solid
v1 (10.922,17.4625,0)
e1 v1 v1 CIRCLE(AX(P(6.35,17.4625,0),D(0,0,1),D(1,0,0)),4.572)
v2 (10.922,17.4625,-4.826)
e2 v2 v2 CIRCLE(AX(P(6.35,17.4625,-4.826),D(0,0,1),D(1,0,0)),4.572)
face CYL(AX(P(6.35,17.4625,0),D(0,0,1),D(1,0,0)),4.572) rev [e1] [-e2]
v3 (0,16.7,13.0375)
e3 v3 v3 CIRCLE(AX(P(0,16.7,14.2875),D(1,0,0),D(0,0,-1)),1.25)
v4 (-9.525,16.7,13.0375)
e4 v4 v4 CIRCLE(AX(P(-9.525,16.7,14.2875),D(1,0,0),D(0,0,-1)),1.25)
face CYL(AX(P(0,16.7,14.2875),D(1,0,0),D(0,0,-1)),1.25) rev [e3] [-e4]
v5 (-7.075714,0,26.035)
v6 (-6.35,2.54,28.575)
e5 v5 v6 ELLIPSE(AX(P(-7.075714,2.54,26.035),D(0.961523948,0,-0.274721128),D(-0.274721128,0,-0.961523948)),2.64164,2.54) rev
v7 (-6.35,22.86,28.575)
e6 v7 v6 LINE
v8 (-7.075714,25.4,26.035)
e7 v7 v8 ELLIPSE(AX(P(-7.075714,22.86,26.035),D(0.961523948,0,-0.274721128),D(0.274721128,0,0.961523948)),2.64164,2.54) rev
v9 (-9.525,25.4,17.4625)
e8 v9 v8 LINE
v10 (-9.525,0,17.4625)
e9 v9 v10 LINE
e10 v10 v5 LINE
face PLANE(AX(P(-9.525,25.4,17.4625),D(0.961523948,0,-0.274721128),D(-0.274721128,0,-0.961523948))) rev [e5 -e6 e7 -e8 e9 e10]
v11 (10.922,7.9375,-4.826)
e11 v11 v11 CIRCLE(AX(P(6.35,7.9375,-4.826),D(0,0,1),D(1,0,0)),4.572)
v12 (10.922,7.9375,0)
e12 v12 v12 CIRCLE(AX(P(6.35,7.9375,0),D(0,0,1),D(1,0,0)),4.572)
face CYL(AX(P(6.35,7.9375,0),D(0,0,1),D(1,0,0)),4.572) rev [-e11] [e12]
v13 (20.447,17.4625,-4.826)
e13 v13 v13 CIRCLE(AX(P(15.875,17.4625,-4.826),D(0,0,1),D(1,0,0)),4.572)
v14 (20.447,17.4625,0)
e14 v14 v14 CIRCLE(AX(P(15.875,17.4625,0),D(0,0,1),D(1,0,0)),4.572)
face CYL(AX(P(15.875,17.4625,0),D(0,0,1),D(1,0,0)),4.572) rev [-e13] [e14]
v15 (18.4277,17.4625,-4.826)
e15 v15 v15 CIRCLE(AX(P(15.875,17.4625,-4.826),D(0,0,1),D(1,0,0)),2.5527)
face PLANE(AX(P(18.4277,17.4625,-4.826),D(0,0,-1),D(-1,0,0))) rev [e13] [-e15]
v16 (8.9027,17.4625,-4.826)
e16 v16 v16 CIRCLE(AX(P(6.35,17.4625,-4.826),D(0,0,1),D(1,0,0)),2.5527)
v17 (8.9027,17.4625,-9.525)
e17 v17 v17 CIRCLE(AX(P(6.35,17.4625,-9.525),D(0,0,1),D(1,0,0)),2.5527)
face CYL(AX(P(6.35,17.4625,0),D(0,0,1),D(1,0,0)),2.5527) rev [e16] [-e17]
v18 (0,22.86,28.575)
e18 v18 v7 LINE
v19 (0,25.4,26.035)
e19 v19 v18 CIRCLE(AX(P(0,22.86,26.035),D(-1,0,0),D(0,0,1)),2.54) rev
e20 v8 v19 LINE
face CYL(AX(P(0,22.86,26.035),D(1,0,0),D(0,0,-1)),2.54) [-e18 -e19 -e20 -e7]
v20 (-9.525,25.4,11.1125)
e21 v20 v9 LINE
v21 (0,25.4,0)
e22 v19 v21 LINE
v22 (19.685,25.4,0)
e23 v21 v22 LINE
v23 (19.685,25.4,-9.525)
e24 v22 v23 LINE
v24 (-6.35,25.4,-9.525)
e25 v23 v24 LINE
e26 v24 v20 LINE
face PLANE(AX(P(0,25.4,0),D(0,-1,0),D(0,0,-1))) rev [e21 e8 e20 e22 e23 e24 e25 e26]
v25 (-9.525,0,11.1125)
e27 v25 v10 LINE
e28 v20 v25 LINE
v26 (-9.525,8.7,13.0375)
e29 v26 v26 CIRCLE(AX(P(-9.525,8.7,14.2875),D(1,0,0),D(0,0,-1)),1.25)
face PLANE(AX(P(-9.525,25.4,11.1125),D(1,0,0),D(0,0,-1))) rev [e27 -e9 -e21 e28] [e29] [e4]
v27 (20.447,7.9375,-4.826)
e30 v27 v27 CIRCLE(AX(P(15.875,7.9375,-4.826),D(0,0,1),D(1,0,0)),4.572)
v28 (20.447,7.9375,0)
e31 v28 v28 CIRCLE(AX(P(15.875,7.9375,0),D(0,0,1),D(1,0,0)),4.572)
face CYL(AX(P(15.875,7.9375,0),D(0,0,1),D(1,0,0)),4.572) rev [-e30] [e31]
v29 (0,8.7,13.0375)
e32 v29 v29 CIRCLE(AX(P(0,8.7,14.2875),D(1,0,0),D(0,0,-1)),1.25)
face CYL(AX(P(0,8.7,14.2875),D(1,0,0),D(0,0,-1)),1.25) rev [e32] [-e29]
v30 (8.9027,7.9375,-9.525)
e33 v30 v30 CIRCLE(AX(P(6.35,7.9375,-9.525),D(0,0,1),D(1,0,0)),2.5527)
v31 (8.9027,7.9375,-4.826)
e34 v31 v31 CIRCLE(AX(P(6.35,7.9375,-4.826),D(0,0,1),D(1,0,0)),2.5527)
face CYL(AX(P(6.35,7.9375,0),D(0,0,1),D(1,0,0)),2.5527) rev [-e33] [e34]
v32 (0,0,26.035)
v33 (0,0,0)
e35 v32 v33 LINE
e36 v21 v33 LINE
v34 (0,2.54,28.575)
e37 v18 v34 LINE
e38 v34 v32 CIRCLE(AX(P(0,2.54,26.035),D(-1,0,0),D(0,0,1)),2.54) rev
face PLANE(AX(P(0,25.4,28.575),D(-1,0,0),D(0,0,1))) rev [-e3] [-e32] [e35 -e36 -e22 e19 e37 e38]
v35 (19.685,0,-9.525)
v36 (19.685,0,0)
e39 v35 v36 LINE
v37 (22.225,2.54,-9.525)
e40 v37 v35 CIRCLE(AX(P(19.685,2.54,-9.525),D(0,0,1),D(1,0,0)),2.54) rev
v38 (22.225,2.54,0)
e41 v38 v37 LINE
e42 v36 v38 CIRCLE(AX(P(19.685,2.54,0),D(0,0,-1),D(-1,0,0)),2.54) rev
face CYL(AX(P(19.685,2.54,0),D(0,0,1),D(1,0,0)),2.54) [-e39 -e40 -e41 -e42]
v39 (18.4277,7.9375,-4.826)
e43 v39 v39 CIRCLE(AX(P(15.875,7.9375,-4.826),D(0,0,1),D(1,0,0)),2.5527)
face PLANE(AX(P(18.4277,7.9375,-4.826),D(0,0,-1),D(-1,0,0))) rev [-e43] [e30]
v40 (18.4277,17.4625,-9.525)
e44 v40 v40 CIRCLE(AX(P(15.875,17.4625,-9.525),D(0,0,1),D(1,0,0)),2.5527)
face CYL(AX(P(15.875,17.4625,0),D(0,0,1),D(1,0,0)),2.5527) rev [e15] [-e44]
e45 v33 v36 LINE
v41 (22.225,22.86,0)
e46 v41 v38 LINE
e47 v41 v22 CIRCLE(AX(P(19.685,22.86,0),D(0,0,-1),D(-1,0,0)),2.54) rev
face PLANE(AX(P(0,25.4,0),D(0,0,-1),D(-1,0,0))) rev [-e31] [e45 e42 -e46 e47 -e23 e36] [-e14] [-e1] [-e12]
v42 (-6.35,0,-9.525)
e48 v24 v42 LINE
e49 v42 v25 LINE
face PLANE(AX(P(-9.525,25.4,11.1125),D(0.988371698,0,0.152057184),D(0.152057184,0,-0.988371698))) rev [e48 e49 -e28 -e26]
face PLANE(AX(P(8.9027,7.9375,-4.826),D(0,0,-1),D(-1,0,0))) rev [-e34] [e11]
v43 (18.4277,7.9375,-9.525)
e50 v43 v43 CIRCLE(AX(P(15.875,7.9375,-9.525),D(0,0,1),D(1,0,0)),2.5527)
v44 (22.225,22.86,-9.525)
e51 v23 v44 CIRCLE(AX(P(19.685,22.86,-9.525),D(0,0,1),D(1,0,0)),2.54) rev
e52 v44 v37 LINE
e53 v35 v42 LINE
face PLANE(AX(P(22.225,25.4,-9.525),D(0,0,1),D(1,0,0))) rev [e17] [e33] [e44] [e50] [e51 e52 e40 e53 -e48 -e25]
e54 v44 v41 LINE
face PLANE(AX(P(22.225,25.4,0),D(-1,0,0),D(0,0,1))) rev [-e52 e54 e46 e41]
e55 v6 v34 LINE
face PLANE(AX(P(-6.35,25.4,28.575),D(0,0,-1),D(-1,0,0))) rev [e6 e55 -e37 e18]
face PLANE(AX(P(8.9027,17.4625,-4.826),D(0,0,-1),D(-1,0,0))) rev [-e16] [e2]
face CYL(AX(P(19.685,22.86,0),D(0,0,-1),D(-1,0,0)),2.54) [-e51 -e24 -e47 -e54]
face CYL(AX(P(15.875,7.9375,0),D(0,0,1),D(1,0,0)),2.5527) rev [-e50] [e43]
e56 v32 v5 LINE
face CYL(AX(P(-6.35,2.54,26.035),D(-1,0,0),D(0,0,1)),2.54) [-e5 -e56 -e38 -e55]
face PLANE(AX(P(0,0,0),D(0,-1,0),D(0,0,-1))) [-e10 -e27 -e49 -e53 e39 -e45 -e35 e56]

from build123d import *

# Parameters (mm, degrees)
BOSS_EXTRUDE1_DEPTH                             = 25.4
CBORE_FOR_10_SOCKET_HEAD_CAP_SCREW1_D           = 5.1054
CBORE_FOR_10_SOCKET_HEAD_CAP_SCREW1_CBORE_D     = 9.144
CBORE_FOR_10_SOCKET_HEAD_CAP_SCREW1_CBORE_DEPTH = 4.826
M3X0_5_TAPPED_HOLE1_D                           = 2.5
FILLET1_R                                       = 2.54


with BuildPart() as part:
    # Sketch1 → Boss-Extrude1 (new body)
    with BuildSketch(Plane(origin=(0, 0, 0), x_dir=(1, 0, 0), z_dir=(0, 1, 0))):
        Polygon((0, 0), (22.225, 0), (22.225, 9.525), (-6.35, 9.525), (-9.525, -11.1125), (-9.525, -17.4625), (-6.35, -28.575), (0, -28.575), align=None)
    extrude(amount=BOSS_EXTRUDE1_DEPTH)

    # CBORE for #10 Socket Head Cap Screw1 (through all)
    with Locations(Plane.XY):
        with Locations((6.35, 17.4625), (15.875, 7.9375), (6.35, 7.9375), (15.875, 17.4625)):
            CounterBoreHole(CBORE_FOR_10_SOCKET_HEAD_CAP_SCREW1_D / 2, CBORE_FOR_10_SOCKET_HEAD_CAP_SCREW1_CBORE_D / 2, CBORE_FOR_10_SOCKET_HEAD_CAP_SCREW1_CBORE_DEPTH)

    # M3x0.5 Tapped Hole1 (through all)
    with Locations(Plane(origin=(0, 0, 0), x_dir=(0, 0, -1), z_dir=(1, 0, 0))):
        with Locations((-14.2875, 16.7), (-14.2875, 8.7)):
            Hole(M3X0_5_TAPPED_HOLE1_D / 2)

    # Fillet1
    fillet1_edges = [part.edges().sort_by_distance(p)[0] for p in [
        (22.225, 0, -4.7625),
        (22.225, 25.4, -4.7625),
        (-3.175, 25.4, 28.575),
        (-3.175, 0, 28.575),
    ]]
    fillet(fillet1_edges, radius=FILLET1_R)


solid = part.part
